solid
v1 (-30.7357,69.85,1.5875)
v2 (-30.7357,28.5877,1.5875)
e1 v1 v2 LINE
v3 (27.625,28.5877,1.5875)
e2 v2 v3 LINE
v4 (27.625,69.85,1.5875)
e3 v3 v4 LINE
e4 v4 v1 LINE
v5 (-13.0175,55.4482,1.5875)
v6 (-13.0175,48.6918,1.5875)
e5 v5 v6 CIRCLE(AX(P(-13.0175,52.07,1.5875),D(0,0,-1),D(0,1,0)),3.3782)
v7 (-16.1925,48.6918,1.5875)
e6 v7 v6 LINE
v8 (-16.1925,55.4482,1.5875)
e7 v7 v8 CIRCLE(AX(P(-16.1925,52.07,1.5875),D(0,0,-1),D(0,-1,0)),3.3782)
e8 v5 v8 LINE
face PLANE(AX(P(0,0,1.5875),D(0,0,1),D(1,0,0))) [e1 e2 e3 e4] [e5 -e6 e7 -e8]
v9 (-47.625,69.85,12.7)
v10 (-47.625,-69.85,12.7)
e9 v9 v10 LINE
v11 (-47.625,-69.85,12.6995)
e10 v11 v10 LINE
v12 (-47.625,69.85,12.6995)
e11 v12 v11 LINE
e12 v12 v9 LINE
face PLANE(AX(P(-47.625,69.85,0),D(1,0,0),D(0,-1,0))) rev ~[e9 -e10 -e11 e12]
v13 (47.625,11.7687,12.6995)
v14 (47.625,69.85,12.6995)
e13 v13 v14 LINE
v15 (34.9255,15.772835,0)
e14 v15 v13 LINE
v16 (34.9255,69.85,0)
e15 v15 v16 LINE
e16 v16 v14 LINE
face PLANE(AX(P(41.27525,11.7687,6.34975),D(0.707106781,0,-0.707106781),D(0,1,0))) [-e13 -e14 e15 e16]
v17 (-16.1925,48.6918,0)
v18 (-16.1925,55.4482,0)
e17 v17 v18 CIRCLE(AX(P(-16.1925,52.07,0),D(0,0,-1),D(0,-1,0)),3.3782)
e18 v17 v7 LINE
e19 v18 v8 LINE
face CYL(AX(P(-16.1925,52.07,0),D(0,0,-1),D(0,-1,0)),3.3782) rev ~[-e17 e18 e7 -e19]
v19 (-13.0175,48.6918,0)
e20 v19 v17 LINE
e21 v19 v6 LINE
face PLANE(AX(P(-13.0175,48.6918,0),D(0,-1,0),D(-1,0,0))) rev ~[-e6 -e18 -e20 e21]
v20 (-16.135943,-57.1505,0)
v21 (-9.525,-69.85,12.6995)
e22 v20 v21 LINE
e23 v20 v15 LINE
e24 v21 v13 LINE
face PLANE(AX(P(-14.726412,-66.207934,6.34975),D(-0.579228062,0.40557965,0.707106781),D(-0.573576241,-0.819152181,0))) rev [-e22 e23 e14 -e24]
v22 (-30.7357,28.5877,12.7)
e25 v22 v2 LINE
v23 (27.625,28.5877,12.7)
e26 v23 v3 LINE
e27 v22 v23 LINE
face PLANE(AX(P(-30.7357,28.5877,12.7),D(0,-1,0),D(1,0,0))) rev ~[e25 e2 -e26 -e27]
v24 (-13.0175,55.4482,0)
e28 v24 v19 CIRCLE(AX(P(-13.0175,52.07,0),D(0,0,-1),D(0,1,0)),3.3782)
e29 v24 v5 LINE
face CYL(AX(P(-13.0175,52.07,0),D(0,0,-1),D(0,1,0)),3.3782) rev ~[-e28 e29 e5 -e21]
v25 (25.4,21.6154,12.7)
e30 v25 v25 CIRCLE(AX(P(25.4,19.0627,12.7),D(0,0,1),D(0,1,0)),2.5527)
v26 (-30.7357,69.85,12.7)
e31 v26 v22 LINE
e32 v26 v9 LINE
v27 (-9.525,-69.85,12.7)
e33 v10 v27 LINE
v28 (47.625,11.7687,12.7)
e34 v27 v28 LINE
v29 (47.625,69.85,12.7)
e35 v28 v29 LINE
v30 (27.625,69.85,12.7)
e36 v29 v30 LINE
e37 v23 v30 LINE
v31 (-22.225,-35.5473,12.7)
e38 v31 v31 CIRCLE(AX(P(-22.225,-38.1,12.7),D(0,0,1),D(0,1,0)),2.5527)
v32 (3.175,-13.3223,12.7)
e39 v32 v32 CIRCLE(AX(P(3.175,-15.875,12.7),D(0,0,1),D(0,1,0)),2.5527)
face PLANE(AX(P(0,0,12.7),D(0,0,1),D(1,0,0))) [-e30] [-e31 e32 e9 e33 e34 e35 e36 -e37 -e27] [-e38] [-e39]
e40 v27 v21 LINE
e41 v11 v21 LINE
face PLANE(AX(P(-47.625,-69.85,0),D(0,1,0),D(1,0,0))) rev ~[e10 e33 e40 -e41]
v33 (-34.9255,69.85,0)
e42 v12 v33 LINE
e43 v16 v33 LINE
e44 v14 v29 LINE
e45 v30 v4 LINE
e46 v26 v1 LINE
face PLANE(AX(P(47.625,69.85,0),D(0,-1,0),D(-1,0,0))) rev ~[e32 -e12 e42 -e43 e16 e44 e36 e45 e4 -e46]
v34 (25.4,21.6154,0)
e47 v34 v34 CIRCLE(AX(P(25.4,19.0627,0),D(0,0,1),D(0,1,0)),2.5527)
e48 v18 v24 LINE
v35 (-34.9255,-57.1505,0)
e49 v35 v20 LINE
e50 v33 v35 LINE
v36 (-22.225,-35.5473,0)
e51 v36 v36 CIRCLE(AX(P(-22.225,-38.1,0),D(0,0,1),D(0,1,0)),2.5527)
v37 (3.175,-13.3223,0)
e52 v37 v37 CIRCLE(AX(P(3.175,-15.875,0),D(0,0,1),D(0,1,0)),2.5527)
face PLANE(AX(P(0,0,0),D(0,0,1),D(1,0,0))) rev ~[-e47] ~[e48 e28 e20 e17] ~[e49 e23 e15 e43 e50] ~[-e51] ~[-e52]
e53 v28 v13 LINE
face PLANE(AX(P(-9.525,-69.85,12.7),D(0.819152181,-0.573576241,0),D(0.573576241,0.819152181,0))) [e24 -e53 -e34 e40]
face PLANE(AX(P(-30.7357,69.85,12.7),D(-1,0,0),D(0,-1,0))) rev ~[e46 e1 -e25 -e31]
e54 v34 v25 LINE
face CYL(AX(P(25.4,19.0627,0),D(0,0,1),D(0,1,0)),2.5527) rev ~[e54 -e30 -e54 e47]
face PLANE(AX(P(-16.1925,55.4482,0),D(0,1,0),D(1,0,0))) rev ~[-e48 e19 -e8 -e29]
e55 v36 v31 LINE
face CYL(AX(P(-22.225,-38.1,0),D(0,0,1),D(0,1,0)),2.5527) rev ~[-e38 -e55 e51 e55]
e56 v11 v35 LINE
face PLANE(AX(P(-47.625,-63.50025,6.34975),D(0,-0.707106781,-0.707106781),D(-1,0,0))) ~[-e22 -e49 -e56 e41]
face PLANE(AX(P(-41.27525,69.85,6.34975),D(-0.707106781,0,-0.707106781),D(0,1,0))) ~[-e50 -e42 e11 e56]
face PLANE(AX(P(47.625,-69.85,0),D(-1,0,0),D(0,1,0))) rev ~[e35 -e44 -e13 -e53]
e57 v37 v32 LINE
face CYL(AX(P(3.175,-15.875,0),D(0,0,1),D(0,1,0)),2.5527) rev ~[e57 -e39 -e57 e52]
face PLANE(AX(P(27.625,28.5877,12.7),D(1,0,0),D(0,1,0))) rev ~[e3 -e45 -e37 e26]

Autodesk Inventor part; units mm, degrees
ref_plane "YZ Plane" through (0, 0, 0) normal (1, 0, 0) x (0, 1, 0)
ref_plane "XZ Plane" through (0, 0, 0) normal (0, 1, 0) x (-1, 0, 0)
sketch "Sketch1" plane through (0, 0, 0) normal (0, 0, 1) x (1, 0, 0)
  line L0 (-47.625, -69.85) -> (47.625, -69.85)
  line L1 (47.625, -69.85) -> (47.625, 69.85)
  line L2 (47.625, 69.85) -> (-47.625, 69.85)
  line L3 (-47.625, 69.85) -> (-47.625, -69.85)
  line L4 (-47.625, -69.85) -> (47.625, 69.85) construction
  line L5 (47.625, -69.85) -> (-47.625, 69.85) construction
  point P0 (0, 0)
  dimension "d2" = 95.25
  dimension "d3" = 139.7
extrude "Extrusion1" add sketch "Sketch1" along normal blind 12.7
sketch "Sketch5" plane through (0, 0, 0) normal (0, 0, -1) x (-1, 0, 0)
  circle A0 centre (68.072, -112.9665) radius 2.5527 projected
  circle A1 centre (17.272, -112.9665) radius 2.5527 projected
  circle A2 centre (-33.528, -112.9665) radius 2.5527 projected
  circle A3 centre (-84.328, -112.9665) radius 2.5527 projected
  circle A4 centre (-135.128, -112.9665) radius 2.5527 projected
  circle A5 centre (-185.928, -112.9665) radius 2.5527 projected
  circle A6 centre (-211.328, -112.9665) radius 2.5527 projected
  circle A7 centre (-160.528, -112.9665) radius 2.5527 projected
  circle A8 centre (-109.728, -112.9665) radius 2.5527 projected
  circle A9 centre (-58.928, -112.9665) radius 2.5527 projected
  circle A10 centre (-8.128, -112.9665) radius 2.5527 projected
  circle A11 centre (42.672, -112.9665) radius 2.5527 projected
  circle A12 centre (93.472, -112.9665) radius 2.5527 projected
  circle A13 centre (-62.484, -38.6715) radius 3.429 projected
  circle A14 centre (-62.484, 33.7185) radius 3.429 projected
  arc A15 (-54.102, -15.1765) -> (-44.45, -15.1765) centre (-49.276, -15.1765) ccw projected
  line L0 (-44.45, -15.1765) -> (-44.45, 10.2235) projected
  arc A16 (-44.45, 10.2235) -> (-54.102, 10.2235) centre (-49.276, 10.2235) ccw projected
  line L1 (-54.102, 10.2235) -> (-54.102, -15.1765) projected
  arc A17 (-228.854, -15.1765) -> (-219.202, -15.1765) centre (-224.028, -15.1765) ccw projected
  line L2 (-219.202, -15.1765) -> (-219.202, 10.2235) projected
  arc A18 (-219.202, 10.2235) -> (-228.854, 10.2235) centre (-224.028, 10.2235) ccw projected
  line L3 (-228.854, 10.2235) -> (-228.854, -15.1765) projected
  circle A19 centre (-218.3546, -258.6355) radius 2.413 projected
  circle A20 centre (-78.4098, -256.2225) radius 2.413 projected
  circle A21 centre (-78.4098, -297.1165) radius 2.413 projected
  circle A22 centre (-218.3546, -294.7035) radius 2.413 projected
  circle A23 centre (112.522, -87.5665) radius 2.0701 projected
  circle A24 centre (112.522, -138.3665) radius 2.0701 projected
  circle A25 centre (-243.078, 64.8335) radius 2.0701 projected
  circle A26 centre (-243.078, 14.0335) radius 2.0701 projected
  circle A27 centre (-243.078, -36.7665) radius 2.0701 projected
  circle A28 centre (-243.078, -87.5665) radius 2.0701 projected
  circle A29 centre (-243.078, -138.3665) radius 2.0701 projected
  circle A30 centre (-243.078, -189.1665) radius 2.0701 projected
  circle A31 centre (-243.078, -239.9665) radius 2.0701 projected
  circle A32 centre (-243.078, -290.7665) radius 2.0701 projected
  circle A33 centre (-243.078, -265.3665) radius 2.0701 projected
  circle A34 centre (-243.078, -214.5665) radius 2.0701 projected
  circle A35 centre (-243.078, -163.7665) radius 2.0701 projected
  circle A36 centre (-243.078, -112.9665) radius 2.0701 projected
  circle A37 centre (-243.078, -62.1665) radius 2.0701 projected
  circle A38 centre (-243.078, -11.3665) radius 2.0701 projected
  circle A39 centre (-243.078, 39.4335) radius 2.0701 projected
  circle A40 centre (112.522, -163.7665) radius 2.0701 projected
  circle A41 centre (112.522, -112.9665) radius 2.0701 projected
  circle A42 centre (112.522, -62.1665) radius 2.0701 projected
  arc A43 (-45.1979, 77.5335) -> (-51.5479, 83.8835) centre (-51.5479, 77.5335) ccw projected
  line L4 (-45.1979, 77.5335) -> (-45.1979, 54.7638) projected
  arc A44 (-45.1979, 54.7638) -> (-43.3381, 50.2736) centre (-38.8479, 54.7638) ccw projected
  line L5 (-43.3381, 50.2736) -> (29.1422, -22.2066) projected
  arc A45 (31.0021, -26.6968) -> (29.1422, -22.2066) centre (24.6521, -26.6968) ccw projected
  line L6 (31.0021, -26.6968) -> (31.0021, -43.1165) projected
  arc A46 (31.0021, -43.1165) -> (37.3521, -49.4665) centre (37.3521, -43.1165) ccw projected
  line L7 (37.3521, -49.4665) -> (118.872, -49.4665) projected
  line L8 (118.872, -176.4665) -> (118.872, -49.4665) projected
  line L9 (118.872, -176.4665) -> (37.3521, -176.4665) projected
  arc A47 (37.3521, -176.4665) -> (31.0021, -182.8165) centre (37.3521, -182.8165) ccw projected
  line L10 (31.0021, -182.8165) -> (31.0021, -199.2362) projected
  arc A48 (29.1422, -203.7264) -> (31.0021, -199.2362) centre (24.6521, -199.2362) ccw projected
  line L11 (29.1422, -203.7264) -> (-43.3381, -276.2066) projected
  arc A49 (-43.3381, -276.2066) -> (-45.1979, -280.6968) centre (-38.8479, -280.6968) ccw projected
  line L12 (-45.1979, -280.6968) -> (-45.1979, -303.4665) projected
  arc A50 (-51.5479, -309.8165) -> (-45.1979, -303.4665) centre (-51.5479, -303.4665) ccw projected
  line L13 (-249.428, -309.8165) -> (-51.5479, -309.8165) projected
  line L14 (-249.428, 83.8835) -> (-249.428, -309.8165) projected
  line L15 (-51.5479, 83.8835) -> (-249.428, 83.8835) projected
  line L16 (-47.625, -69.85) -> (-47.625, 69.85) projected
  line L17 (47.625, 69.85) -> (47.625, -69.85) projected
  line L18 (47.625, -69.85) -> (-47.625, -69.85) projected
  line L19 (28.575, 28.5877) -> (-28.575, 28.5877) projected
  circle A51 centre (19.05, -44.45) radius 3.3782 projected
  circle A52 centre (-22.225, 19.0627) radius 3.3782 projected
  point P0 (0, 0)
  point P1 (22.225, -38.1)
  point P2 (-25.4, 19.0627)
  point P3 (20.684, -69.85)
  point P4 (-44.45, 19.0627)
  point P5 (19.05, -69.85)
  point P6 (-3.175, -15.875)
  dimension "d47" = 25.4
  dimension "d53" = 22.225
  dimension "d64" = 19.0627
  dimension "d65" = 38.1
  dimension "d108" = 25.4
  dimension "d109" = 53.975
hole "Hole1" at (-22.225, -38.1, 0) at (25.4, 19.0627, 0) at (3.175, -15.875, 0) direction (0, 0, 1) diameter 5.1054 end through all clearance for "Flat Head Machine Screw (82)" size "#10" standard "Ansi Unified Screw Threads"
ref_plane "Work Plane1" through (-41.275, 69.85, 0) normal (0, -1, 0) x (0, 0, -1)
sketch "Sketch7" plane through (0, 0, 12.7) normal (0, 0, 1) x (1, 0, 0)
  line L0 (-9.525, -69.85) -> (47.625, 11.7687)
  line L1 (-47.625, -69.85) -> (47.625, -69.85) projected
  line L2 (-47.625, 69.85) -> (-47.625, -69.85)
  line L3 (47.625, -69.85) -> (47.625, 69.85) projected
  line L4 (47.625, 69.85) -> (-47.625, 69.85) projected
  line L5 (27.625, 69.85) -> (-30.7357, 69.85)
  line L6 (-30.7357, 69.85) -> (-30.7357, 28.5877)
  line L7 (-30.7357, 28.5877) -> (27.625, 28.5877)
  line L8 (-16.7842, 38.1127) -> (14.9658, 38.1127) projected
  line L9 (-16.7842, 50.8127) -> (14.9658, 50.8127) projected
  line L10 (14.9658, 50.8127) -> (14.9658, 38.1127)
  line L11 (-16.7842, 50.8127) -> (-16.7842, 38.1127)
  line L12 (20.4436, 50.8127) -> (24.45, 50.8127) projected
  line L13 (24.0601, 50.8127) -> (24.45, 50.8127) projected
  line L14 (24.0601, 50.8127) -> (-14.952, 50.8127) projected
  line L15 (20.4436, 50.8127) -> (17.9874, 50.8127) projected
  line L16 (-2.2262, 50.8127) -> (17.9874, 50.8127) projected
  line L17 (-2.2262, 52.3875) -> (17.9874, 52.3875) projected
  line L18 (17.9874, 52.3875) -> (20.4436, 52.3875) projected
  line L19 (20.4436, 52.3875) -> (24.45, 52.3875) projected
  line L20 (24.45, 50.8127) -> (24.45, 52.3875) projected
  line L21 (-21.2107, 52.3875) -> (-9.8426, 52.3875) projected
  line L22 (-9.8426, 52.3875) -> (-7.673, 52.3875) projected
  line L23 (-7.673, 52.3875) -> (-5.0722, 52.3875) projected
  line L24 (-5.0722, 52.3875) -> (-2.2262, 52.3875) projected
  line L25 (27.625, 28.5877) -> (27.625, 69.85)
  dimension "d72" = 9.525
  dimension "d73" = 3.175
  dimension "d74" = 9.525
  dimension "d80" = 38.1
  dimension "d84" = 55
extrude "Extrusion7" cut sketch "Sketch7" against normal blind 11.1125 contours L25 L7 L6 L4 | L11 L9 L10 L8
extrude "Extrusion9" cut sketch "Sketch7" against normal through all contours L0 L3 L1
chamfer "Chamfer3" distance 12.7 angle 45 4 edges at (47.625, 40.8093, 0) (19.05, -29.0407, 0) (-47.625, 0, 0) (-28.575, -69.85, 0)
sketch "Sketch8" plane through (0, 0, 0) normal (0, 0, -1) x (-1, 0, 0)
  line L0 (16.1925, 52.07) -> (13.0175, 52.07) construction
  line L1 (16.1925, 55.4482) -> (13.0175, 55.4482)
  line L2 (13.0175, 48.6918) -> (16.1925, 48.6918)
  arc A0 (16.1925, 48.6918) -> (16.1925, 55.4482) centre (16.1925, 52.07) ccw
  arc A1 (13.0175, 55.4482) -> (13.0175, 48.6918) centre (13.0175, 52.07) ccw
  line L3 (34.925, 69.85) -> (34.925, -57.15) projected
  line L4 (-34.925, 69.85) -> (34.925, 69.85) projected
  point P0 (0, 0)
  point P1 (14.605, 52.07)
  dimension "d88" = 3.3782
  dimension "d89" = 3.175
  dimension "d90" = 20.32
  dimension "d91" = 17.78
extrude "Extrusion10" cut sketch "Sketch8" against normal blind 11.1125
sketch "Sketch10" plane through (0, 0, 12.7) normal (0, 0, 1) x (1, 0, 0)
  line L0 (-9.525, -69.85) -> (47.625, 11.7687) projected
  line L1 (47.625, 11.7687) -> (47.625, 69.85) projected
  line L2 (47.625, 69.85) -> (27.625, 69.85) projected
  line L3 (27.625, 69.85) -> (27.625, 28.5877) projected
  line L4 (27.625, 28.5877) -> (-30.7357, 28.5877) projected
  line L5 (-30.7357, 28.5877) -> (-30.7357, 69.85) projected
  line L6 (-30.7357, 69.85) -> (-47.625, 69.85) projected
  line L7 (-47.625, 69.85) -> (-47.625, -69.85) projected
  line L8 (-47.625, -69.85) -> (-9.525, -69.85) projected
  circle A0 centre (25.4, 19.0627) radius 2.5527 projected
  circle A1 centre (-22.225, -38.1) radius 2.5527 projected
  circle A2 centre (3.175, -15.875) radius 2.5527 projected
  arc A3 (-13.0175, 48.6918) -> (-13.0175, 55.4482) centre (-13.0175, 52.07) ccw projected
  line L9 (-13.0175, 48.6918) -> (-16.1925, 48.6918) projected
  arc A4 (-16.1925, 55.4482) -> (-16.1925, 48.6918) centre (-16.1925, 52.07) ccw projected
  line L10 (-16.1925, 55.4482) -> (-13.0175, 55.4482) projected
  line L11 (-30.7357, 69.85) -> (27.625, 69.85) projected
  line L12 (-30.7357, 28.5877) -> (-30.7357, 69.85) projected
  line L13 (27.625, 28.5877) -> (-30.7357, 28.5877) projected
  line L14 (27.625, 69.85) -> (27.625, 28.5877) projected
  point P0 (0, 0)
properties part number "C34_TK_UnderCarriageGuardPlate" material "Polycarbonate, Clear"
